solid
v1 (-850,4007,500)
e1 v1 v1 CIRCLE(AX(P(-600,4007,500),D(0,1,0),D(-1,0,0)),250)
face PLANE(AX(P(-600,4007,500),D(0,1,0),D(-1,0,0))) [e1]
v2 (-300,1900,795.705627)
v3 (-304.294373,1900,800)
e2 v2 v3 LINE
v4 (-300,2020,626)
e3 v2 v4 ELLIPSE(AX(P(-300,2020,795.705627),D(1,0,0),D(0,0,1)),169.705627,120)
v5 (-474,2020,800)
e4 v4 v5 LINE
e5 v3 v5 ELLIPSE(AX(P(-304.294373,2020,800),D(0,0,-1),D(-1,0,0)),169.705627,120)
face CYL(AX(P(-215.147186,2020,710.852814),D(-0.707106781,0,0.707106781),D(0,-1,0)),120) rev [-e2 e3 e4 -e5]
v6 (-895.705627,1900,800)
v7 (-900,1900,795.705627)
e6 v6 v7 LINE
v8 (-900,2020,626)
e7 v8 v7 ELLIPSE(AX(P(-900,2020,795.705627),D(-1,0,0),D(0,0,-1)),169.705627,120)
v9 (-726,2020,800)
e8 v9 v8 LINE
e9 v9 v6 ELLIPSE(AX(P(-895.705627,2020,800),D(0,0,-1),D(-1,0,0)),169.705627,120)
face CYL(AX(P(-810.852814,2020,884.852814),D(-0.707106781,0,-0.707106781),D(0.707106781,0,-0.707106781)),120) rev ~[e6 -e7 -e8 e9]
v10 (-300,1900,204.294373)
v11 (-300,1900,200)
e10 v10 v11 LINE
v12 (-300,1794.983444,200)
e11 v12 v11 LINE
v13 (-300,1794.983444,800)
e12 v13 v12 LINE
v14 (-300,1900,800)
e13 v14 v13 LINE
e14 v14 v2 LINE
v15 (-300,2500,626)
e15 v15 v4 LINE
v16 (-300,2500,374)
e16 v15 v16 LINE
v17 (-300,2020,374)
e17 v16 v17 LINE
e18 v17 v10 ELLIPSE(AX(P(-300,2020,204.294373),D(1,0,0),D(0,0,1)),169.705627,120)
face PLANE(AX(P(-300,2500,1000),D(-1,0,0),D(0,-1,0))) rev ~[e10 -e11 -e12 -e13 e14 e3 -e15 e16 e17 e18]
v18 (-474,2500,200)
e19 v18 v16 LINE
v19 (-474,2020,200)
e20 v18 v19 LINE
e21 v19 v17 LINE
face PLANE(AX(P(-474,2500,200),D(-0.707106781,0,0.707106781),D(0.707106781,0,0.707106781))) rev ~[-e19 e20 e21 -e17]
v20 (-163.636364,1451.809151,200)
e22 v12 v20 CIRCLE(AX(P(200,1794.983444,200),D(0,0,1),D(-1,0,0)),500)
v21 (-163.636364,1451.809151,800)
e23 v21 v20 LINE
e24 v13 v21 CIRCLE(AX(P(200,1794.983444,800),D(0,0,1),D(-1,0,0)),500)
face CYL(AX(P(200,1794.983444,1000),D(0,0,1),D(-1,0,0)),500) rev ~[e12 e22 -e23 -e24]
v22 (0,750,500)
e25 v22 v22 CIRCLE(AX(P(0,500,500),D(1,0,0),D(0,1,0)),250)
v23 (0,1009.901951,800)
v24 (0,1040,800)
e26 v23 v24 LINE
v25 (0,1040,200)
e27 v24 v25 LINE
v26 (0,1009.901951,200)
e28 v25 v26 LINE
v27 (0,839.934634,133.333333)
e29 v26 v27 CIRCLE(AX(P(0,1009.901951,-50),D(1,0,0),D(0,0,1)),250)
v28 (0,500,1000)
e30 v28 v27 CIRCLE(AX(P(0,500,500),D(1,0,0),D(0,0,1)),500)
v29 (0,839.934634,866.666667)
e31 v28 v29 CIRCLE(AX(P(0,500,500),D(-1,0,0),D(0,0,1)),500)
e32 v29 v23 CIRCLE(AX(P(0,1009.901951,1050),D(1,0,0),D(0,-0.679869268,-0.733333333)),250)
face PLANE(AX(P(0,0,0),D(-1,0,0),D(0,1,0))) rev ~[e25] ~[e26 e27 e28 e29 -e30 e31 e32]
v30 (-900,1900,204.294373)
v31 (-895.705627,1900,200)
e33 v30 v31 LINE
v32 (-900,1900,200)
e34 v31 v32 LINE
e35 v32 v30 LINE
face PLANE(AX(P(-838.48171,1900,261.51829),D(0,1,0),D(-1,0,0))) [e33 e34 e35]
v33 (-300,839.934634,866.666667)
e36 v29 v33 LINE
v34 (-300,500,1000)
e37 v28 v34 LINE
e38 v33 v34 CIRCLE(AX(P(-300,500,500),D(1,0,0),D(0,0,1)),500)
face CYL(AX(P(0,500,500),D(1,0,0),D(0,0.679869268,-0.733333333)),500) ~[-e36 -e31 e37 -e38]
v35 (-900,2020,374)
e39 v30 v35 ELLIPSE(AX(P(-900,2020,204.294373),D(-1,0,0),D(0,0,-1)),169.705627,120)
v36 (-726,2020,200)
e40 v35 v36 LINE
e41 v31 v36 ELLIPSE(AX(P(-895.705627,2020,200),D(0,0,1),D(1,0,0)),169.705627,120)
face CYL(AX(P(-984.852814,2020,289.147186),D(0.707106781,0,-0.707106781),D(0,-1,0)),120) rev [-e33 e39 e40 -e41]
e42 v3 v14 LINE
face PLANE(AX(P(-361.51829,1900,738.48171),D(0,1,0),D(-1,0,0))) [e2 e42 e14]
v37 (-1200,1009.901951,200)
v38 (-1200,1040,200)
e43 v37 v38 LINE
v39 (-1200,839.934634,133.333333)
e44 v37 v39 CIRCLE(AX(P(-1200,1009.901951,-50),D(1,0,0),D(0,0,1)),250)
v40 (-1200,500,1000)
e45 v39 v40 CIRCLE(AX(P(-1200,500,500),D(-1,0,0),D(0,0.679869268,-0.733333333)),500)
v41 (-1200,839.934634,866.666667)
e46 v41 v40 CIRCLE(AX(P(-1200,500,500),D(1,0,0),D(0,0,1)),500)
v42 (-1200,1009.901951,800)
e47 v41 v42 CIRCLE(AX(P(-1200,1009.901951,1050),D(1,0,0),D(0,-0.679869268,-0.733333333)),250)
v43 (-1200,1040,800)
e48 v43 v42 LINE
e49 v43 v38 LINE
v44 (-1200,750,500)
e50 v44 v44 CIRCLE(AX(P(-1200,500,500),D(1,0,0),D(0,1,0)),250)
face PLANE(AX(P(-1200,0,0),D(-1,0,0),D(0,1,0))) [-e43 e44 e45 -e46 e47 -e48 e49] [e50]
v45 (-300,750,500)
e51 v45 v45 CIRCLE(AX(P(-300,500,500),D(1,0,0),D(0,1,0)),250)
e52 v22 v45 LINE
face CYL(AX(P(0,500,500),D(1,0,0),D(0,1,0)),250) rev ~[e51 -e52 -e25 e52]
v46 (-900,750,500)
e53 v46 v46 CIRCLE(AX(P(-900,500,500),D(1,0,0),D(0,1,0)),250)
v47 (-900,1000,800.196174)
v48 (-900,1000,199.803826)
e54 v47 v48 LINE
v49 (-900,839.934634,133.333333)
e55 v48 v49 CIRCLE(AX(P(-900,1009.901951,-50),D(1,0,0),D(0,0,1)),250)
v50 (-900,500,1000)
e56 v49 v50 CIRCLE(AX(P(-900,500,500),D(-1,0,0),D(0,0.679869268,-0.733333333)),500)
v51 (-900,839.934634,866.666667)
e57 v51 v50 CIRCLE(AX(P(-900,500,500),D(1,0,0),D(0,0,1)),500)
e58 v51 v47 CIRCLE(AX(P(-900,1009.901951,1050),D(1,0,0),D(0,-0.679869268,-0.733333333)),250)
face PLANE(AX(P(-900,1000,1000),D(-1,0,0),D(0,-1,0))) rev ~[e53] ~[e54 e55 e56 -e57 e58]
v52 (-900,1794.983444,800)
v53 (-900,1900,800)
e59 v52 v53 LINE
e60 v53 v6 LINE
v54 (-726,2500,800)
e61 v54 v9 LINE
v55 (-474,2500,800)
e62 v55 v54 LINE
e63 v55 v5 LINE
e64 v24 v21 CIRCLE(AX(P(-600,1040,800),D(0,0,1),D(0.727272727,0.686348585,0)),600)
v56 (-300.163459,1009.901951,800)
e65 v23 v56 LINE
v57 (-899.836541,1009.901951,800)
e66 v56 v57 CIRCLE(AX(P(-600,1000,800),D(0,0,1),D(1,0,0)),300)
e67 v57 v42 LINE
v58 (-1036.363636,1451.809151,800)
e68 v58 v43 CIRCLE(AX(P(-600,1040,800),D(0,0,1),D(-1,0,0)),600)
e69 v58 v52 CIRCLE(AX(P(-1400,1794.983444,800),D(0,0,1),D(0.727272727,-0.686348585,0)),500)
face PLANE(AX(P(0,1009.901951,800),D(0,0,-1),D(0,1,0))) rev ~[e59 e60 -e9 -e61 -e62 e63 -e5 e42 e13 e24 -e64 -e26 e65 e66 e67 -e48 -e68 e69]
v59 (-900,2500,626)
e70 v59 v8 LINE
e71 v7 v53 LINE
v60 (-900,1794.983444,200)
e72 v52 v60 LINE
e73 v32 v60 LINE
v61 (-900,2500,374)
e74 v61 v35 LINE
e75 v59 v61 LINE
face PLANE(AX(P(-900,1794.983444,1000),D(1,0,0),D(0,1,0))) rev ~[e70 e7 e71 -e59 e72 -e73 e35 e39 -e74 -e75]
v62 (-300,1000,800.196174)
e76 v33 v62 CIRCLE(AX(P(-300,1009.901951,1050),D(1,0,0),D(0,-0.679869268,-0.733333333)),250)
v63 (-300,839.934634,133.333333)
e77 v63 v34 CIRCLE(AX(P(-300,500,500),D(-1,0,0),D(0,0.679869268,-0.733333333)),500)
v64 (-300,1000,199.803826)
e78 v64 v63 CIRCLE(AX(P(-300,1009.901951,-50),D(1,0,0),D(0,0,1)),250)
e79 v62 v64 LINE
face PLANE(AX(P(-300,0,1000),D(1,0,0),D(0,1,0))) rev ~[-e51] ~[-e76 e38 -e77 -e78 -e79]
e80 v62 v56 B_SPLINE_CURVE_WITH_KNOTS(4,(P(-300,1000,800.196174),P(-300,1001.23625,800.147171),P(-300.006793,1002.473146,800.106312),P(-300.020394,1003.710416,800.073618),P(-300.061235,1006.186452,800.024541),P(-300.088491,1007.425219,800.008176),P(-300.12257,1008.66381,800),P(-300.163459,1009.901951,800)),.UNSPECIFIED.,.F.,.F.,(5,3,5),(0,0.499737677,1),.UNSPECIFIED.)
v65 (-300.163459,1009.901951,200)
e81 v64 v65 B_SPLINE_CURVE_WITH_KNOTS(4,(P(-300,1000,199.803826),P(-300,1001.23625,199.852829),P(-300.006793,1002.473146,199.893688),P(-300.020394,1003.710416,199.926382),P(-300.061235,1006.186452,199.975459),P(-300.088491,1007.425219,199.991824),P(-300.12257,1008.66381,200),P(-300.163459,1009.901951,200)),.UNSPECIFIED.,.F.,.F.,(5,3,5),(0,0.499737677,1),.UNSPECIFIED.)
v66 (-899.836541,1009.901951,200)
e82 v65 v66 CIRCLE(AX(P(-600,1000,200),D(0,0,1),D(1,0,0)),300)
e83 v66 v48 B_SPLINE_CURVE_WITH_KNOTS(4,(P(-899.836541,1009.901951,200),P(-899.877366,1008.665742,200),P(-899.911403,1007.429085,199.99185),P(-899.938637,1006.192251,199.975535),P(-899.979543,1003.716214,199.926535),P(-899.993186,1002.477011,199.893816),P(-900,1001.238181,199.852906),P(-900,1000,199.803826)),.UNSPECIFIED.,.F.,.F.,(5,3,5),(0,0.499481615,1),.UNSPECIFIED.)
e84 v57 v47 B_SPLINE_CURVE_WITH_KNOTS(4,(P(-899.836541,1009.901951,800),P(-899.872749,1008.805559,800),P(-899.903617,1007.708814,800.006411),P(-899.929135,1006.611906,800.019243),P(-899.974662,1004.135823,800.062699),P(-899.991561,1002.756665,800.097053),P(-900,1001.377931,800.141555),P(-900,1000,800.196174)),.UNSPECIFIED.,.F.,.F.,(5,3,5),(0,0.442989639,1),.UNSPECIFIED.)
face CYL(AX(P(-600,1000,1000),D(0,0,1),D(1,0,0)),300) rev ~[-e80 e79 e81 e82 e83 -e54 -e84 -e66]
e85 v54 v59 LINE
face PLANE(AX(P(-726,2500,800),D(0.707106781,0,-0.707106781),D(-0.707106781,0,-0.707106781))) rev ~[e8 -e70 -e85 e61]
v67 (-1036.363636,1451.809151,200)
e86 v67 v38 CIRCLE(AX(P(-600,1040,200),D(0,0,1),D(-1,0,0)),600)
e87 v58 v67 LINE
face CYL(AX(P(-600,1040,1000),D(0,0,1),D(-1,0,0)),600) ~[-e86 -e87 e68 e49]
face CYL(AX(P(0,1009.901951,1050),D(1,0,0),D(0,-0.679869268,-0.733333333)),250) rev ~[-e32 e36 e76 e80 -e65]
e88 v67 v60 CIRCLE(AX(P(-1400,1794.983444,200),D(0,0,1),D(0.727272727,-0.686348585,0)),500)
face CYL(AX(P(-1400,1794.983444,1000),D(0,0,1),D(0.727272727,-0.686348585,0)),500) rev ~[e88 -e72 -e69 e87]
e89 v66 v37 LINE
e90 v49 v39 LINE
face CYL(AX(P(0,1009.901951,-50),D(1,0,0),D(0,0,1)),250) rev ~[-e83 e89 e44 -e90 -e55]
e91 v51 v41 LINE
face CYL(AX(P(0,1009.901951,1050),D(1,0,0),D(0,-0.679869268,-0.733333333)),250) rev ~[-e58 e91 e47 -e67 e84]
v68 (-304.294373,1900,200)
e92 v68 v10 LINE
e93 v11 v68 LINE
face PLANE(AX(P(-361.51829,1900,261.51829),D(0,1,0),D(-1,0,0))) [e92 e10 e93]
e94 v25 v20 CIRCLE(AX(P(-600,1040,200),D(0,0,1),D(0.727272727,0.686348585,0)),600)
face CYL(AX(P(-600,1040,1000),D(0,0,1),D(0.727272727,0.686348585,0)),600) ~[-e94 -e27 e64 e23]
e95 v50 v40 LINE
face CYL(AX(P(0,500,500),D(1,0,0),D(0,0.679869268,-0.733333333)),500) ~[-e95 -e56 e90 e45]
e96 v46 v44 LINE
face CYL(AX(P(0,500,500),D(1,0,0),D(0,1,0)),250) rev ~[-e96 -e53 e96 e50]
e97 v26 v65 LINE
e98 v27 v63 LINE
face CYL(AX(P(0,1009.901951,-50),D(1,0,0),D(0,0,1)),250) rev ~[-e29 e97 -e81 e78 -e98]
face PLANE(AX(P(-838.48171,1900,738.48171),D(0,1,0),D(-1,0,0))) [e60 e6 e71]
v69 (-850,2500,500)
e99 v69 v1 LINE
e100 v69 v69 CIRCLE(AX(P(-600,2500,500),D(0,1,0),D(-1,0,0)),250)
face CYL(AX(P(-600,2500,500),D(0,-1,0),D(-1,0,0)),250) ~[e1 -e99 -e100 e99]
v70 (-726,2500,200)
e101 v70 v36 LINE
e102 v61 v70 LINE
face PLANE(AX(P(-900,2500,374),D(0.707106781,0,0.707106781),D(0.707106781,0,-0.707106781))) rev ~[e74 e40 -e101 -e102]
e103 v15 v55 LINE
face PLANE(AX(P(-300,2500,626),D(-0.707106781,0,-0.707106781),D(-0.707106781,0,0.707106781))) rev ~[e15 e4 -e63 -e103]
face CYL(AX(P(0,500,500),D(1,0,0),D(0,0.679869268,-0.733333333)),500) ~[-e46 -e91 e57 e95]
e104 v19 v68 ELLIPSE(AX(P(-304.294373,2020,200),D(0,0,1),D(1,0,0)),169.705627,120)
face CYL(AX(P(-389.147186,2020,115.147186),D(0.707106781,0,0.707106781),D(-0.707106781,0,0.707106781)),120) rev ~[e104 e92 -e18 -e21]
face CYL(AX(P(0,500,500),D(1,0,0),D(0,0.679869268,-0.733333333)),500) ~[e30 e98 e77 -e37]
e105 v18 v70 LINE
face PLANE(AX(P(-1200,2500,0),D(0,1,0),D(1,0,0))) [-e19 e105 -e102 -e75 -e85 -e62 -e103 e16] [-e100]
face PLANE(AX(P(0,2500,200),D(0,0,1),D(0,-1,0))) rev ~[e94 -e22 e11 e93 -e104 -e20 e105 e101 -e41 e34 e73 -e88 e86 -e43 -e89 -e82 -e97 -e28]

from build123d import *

# Parameters (mm, degrees)
F0_W     = 1200
F0_H     = 2500
F1_DEPTH = 1000
F3_DEPTH = 1000.001
F4_R     = 250
F5_DEPTH = 1200.001
F7_DEPTH = 600
F8_R     = 250
F9_DEPTH = 1507
F10_R    = 120


with BuildPart() as f1:
    # F0 (on Top) → F1 (new body)
    with BuildSketch(Plane.XY):
        with Locations((-600, 1250)):
            Rectangle(F0_W, F0_H)
    extrude(amount=F1_DEPTH)

    # F2 (on face) → F3 (cut, through all)
    with BuildSketch(Plane.XY.offset(1000)):
        with BuildLine():
            Line((-300, 520.3847577293), (-300, 1000))
            ThreePointArc((-300, 1000), (-600, 1300), (-900, 1000))
            Line((-900, 1000), (-900, 520.3847577293))
            ThreePointArc((-900, 520.3847577293), (-600, 440), (-300, 520.3847577293))
        make_face()
        with BuildLine():
            Line((-300, 0), (-300, 520.3847577293))
            ThreePointArc((-300, 520.3847577293), (-600, 440), (-900, 520.3847577293))
            Line((-900, 520.3847577293), (-900, 0))
            Line((-900, 0), (-300, 0))
        make_face()
        with BuildLine():
            Line((-1200, 2500), (-1200, 1039.9999999999))
            ThreePointArc((-1200, 1039.9999999999), (-1157.5922263708, 1261.5646837628), (-1036.3636363636, 1451.8091510148))
            ThreePointArc((-1036.3636363636, 1451.8091510148), (-935.3398113577, 1610.3462070581), (-900, 1794.9834435271))
            Line((-900, 1794.9834435271), (-900, 2500))
            Line((-900, 2500), (-1200, 2500))
        make_face()
        with BuildLine():
            ThreePointArc((-163.6363636364, 1451.8091510148), (-42.4077736292, 1261.5646837628), (0, 1040))
            Line((0, 1040), (0, 2500))
            Line((0, 2500), (-300, 2500))
            Line((-300, 2500), (-300, 1794.9834435271))
            ThreePointArc((-300, 1794.9834435271), (-264.6601886423, 1610.3462070581), (-163.6363636364, 1451.8091510148))
        make_face()
    extrude(amount=-F3_DEPTH, mode=Mode.SUBTRACT)

    # F4 (on face) → F5 (cut, through all)
    with BuildSketch(Plane.YZ):
        with BuildLine():
            ThreePointArc((0, 500), (146.4466094067, 853.5533905933), (500.0000000001, 1000))
            Line((500.0000000001, 1000), (0, 1000))
            Line((0, 1000), (0, 500))
        make_face()
        with BuildLine():
            ThreePointArc((500, 0), (146.4466094067, 146.4466094067), (0, 500))
            Line((0, 500), (0, 0))
            Line((0, 0), (500, 0))
        make_face()
        with BuildLine():
            ThreePointArc((839.9346342395, 133.3333333333), (682.5741858351, 34.5253318744), (500, 0))
            Line((500, 0), (1040, 0))
            Line((1040, 0), (1040, 200))
            Line((1040, 200), (1009.9019513593, 200))
            ThreePointArc((1009.9019513593, 200), (918.6148584418, 182.7373340628), (839.9346342395, 133.3333333333))
        make_face()
        Polygon((2500, 200), (1040, 200), (1040, 0), (1451.8091510148, 0), (1794.9834435271, 0), (2500, 0), align=None)
        with BuildLine():
            ThreePointArc((500.0000000001, 1000), (682.5741858351, 965.4746681256), (839.9346342395, 866.6666666667))
            ThreePointArc((839.9346342395, 866.6666666667), (918.6148584418, 817.2626659372), (1009.9019513593, 800))
            Line((1009.9019513593, 800), (1040, 800))
            Line((1040, 800), (1040, 1000))
            Line((1040, 1000), (500.0000000001, 1000))
        make_face()
        Polygon((1451.8091510148, 1000), (1040, 1000), (1040, 800), (2500, 800), (2500, 1000), (1794.9834435271, 1000), align=None)
        with Locations((500, 500)):
            Circle(F4_R)
    extrude(amount=-F5_DEPTH, mode=Mode.SUBTRACT)

    # F6 (on face) → F7 (cut)
    with BuildSketch(Plane(origin=(0, 2500, 0), x_dir=(-1, 0, 0), z_dir=(0, 1, 0))):
        Polygon((900, 626), (900, 800), (726, 800), align=None)
        Polygon((300, 626), (474, 800), (300, 800), align=None)
        Polygon((474, 200), (300, 374), (300, 200), align=None)
        Polygon((900, 200), (900, 374), (726, 200), align=None)
    extrude(amount=-F7_DEPTH, mode=Mode.SUBTRACT)

    # F8 (on face) → F9 (join)
    with BuildSketch(Plane(origin=(0, 2500, 0), x_dir=(-1, 0, 0), z_dir=(0, 1, 0))):
        with Locations((600, 500)):
            Circle(F8_R)
    extrude(amount=F9_DEPTH)

    # F10
    f10_edges = [f1.edges().sort_by_distance(p)[0] for p in [
        (-813, 1900, 713),
        (-387, 1900, 713),
        (-813, 1900, 287),
        (-387, 1900, 287),
    ]]
    fillet(f10_edges, radius=F10_R)


solid = f1.part
